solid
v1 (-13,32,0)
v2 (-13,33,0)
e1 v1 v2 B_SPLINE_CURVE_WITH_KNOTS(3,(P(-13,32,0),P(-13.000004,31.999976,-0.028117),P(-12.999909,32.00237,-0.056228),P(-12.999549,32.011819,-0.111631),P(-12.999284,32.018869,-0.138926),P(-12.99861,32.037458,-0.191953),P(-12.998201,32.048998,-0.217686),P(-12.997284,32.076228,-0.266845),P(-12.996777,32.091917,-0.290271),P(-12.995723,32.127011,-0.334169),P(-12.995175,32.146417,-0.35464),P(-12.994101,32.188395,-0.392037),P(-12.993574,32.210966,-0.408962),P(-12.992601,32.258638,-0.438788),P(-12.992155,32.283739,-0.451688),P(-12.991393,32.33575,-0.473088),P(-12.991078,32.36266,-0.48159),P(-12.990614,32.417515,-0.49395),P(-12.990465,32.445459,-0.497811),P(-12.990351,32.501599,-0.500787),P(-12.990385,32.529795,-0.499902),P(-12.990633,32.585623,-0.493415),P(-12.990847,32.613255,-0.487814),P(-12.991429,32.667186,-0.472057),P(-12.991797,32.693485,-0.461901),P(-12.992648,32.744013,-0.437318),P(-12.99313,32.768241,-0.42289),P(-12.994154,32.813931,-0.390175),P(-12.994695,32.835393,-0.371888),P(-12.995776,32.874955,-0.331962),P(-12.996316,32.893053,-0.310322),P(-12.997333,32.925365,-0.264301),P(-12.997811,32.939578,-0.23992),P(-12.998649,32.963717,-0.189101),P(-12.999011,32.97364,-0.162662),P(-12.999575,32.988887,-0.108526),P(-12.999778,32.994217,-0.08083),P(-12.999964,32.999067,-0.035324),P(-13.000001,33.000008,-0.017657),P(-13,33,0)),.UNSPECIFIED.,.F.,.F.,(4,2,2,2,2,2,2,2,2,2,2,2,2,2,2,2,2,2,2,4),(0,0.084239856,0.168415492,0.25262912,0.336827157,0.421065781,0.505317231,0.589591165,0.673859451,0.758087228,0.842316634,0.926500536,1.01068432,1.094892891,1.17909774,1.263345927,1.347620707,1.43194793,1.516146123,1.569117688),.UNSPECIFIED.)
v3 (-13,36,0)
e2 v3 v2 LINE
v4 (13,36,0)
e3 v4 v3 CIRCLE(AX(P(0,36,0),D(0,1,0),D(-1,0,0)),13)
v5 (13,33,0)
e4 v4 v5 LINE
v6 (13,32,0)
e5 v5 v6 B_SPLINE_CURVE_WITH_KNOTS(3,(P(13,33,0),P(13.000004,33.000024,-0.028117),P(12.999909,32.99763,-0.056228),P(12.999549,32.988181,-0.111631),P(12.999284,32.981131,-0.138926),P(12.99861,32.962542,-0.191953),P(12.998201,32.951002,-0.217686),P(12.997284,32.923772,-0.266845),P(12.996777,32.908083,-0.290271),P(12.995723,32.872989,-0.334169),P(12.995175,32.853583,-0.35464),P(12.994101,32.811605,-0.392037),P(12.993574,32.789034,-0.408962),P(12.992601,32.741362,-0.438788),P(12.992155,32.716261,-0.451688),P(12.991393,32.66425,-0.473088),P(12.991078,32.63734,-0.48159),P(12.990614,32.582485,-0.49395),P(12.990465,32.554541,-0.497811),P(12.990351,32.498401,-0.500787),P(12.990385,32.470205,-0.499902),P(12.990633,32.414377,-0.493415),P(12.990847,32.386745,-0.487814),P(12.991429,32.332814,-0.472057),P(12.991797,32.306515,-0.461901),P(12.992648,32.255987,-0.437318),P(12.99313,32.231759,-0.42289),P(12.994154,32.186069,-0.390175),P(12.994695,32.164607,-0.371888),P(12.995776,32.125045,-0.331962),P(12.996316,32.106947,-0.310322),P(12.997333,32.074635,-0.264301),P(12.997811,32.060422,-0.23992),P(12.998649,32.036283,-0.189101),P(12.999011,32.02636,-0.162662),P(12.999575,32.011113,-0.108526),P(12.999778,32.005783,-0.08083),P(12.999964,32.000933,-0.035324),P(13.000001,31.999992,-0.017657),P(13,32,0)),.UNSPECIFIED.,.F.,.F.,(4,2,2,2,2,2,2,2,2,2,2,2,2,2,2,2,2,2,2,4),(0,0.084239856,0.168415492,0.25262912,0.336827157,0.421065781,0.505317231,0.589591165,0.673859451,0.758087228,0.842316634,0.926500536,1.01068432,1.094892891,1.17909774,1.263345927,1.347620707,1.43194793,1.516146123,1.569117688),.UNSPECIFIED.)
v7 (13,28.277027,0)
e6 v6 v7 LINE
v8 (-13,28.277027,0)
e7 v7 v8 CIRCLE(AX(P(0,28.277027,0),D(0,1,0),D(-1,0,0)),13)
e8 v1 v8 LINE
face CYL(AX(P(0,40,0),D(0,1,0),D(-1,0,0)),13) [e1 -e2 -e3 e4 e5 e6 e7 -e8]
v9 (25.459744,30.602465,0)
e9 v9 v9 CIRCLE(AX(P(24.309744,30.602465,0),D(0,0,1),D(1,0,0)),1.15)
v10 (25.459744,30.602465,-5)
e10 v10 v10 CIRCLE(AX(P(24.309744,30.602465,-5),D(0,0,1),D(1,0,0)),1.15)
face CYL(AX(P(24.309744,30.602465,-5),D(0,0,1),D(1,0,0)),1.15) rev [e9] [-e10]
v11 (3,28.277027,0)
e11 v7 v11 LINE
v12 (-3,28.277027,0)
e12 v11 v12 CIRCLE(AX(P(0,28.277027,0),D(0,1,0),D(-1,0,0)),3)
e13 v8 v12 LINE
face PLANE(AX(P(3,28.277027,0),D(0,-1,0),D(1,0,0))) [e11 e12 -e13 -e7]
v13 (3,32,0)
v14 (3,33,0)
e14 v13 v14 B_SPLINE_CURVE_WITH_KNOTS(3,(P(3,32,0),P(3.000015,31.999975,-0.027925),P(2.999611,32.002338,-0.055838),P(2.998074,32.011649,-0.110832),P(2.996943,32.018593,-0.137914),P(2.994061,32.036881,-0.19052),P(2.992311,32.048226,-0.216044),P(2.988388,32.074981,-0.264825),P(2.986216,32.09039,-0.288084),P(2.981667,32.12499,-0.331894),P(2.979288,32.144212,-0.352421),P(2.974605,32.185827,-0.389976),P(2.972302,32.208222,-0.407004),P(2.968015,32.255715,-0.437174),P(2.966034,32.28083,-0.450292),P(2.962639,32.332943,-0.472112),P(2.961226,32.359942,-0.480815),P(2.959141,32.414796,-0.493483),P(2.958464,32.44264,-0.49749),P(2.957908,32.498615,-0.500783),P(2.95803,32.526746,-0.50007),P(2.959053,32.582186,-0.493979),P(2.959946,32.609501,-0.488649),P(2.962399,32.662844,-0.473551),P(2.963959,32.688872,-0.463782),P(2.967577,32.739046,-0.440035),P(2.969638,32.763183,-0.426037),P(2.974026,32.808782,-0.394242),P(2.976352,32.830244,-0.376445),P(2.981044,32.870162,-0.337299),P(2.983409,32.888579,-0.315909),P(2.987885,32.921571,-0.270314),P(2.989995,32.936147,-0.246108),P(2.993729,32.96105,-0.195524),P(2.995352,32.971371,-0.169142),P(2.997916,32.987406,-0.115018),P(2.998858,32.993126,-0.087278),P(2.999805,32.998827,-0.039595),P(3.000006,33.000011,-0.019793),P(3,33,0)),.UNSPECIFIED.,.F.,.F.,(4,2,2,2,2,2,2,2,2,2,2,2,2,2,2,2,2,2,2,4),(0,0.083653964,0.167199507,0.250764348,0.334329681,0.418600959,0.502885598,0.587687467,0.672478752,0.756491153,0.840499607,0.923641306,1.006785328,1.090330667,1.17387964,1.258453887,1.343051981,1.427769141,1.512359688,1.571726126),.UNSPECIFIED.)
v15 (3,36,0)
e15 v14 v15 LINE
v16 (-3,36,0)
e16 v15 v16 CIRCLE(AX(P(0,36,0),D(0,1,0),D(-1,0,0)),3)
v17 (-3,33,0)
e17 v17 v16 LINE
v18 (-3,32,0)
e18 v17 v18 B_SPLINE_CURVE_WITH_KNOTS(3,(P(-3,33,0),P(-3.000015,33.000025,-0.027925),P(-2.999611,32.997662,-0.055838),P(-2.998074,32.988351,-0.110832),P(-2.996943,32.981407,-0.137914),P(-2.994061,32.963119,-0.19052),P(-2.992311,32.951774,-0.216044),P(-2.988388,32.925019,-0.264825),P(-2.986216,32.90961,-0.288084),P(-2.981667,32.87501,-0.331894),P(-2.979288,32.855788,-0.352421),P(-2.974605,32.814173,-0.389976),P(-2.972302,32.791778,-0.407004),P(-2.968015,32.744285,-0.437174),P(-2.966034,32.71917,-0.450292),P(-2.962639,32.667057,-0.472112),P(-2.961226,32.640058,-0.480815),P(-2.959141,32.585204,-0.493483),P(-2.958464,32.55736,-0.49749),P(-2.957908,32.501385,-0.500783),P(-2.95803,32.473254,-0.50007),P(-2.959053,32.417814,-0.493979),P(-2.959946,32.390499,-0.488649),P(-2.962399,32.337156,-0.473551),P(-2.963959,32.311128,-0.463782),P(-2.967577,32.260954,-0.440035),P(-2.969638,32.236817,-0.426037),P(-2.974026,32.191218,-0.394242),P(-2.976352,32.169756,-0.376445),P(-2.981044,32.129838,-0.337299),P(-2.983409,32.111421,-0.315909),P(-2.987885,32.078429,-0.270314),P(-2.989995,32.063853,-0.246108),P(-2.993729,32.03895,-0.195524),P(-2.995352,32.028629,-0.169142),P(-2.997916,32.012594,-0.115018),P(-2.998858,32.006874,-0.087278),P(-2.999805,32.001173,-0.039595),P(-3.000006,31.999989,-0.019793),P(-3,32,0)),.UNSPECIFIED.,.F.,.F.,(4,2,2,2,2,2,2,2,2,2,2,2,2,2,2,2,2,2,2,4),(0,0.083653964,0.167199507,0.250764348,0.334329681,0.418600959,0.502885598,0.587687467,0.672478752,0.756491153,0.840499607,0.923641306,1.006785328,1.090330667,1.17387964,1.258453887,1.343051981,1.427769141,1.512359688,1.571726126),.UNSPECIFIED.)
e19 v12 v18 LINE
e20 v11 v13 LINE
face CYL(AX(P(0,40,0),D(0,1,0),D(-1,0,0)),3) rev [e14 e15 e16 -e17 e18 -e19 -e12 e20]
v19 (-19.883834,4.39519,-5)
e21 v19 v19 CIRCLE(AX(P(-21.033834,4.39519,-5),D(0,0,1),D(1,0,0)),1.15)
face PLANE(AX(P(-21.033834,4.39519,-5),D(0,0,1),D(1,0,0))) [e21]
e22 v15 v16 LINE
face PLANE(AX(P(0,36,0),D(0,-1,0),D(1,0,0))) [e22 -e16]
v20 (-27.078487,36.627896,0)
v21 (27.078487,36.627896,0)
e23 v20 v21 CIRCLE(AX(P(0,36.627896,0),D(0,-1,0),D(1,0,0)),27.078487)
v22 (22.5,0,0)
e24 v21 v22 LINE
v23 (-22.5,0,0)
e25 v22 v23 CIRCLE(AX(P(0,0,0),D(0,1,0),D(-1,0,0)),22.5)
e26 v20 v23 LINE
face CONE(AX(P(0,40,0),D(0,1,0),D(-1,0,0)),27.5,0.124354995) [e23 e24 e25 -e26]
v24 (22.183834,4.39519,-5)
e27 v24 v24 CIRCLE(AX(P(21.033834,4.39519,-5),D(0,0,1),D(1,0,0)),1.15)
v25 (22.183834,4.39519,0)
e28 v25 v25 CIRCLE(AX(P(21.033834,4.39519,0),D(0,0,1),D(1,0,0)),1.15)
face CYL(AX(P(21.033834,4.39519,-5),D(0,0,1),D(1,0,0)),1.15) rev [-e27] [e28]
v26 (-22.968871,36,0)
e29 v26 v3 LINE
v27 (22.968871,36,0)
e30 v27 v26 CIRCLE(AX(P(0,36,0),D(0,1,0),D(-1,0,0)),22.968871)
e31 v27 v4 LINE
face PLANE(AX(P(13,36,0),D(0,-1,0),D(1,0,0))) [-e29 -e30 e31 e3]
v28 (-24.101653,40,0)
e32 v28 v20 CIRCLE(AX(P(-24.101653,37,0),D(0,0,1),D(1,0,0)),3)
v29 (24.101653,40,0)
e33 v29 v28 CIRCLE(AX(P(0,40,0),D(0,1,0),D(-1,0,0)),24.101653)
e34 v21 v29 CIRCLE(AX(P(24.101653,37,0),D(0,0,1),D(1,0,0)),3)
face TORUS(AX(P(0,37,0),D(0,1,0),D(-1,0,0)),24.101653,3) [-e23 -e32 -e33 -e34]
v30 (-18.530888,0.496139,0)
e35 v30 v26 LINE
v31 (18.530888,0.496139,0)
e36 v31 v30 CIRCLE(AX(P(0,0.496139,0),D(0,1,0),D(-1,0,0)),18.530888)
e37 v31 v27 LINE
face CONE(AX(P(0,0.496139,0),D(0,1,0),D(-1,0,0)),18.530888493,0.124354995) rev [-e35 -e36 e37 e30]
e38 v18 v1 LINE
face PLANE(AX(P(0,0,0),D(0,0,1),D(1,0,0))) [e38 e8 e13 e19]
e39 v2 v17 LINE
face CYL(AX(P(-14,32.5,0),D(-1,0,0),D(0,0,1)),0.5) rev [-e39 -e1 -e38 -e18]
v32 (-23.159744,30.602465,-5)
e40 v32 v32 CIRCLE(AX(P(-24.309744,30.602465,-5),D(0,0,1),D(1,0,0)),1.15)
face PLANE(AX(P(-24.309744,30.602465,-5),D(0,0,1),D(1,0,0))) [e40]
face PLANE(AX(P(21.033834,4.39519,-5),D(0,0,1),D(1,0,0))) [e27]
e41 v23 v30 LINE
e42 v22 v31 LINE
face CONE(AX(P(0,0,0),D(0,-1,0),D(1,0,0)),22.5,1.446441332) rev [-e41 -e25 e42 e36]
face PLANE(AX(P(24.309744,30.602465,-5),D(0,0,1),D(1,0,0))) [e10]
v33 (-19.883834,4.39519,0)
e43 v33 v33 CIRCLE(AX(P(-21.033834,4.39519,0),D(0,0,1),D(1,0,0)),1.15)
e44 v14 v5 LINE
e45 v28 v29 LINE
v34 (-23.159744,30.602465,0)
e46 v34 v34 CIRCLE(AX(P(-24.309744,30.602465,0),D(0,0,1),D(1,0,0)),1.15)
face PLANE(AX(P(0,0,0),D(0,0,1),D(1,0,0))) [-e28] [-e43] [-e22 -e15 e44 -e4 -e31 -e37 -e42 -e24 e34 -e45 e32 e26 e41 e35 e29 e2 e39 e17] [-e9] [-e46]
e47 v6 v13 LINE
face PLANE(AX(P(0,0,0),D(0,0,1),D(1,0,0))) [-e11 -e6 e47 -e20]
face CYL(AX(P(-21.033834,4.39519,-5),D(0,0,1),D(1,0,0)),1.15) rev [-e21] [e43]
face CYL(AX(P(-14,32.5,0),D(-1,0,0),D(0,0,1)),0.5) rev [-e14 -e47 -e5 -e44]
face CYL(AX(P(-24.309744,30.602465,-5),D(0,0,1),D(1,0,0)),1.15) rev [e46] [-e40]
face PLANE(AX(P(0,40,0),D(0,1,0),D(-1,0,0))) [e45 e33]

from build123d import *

# Parameters (mm, degrees)
REVOLVE1_ANGLE     = 180
FILLET1_R          = 3
SKETCH2_W          = 30
SKETCH2_H          = 0.5
SKETCH3_R          = 1.15
CUT_EXTRUDE1_DEPTH = 5


with BuildPart() as part:
    # Sketch1 → Revolve1 (revolve)
    with BuildSketch(Plane.XY):
        Polygon((0, 40), (-27.5, 40), (-22.5, 0), (-18.530888493, 0.496138938), (-22.968871126, 36), (-13, 36), (-13, 28.277027027), (-3, 28.277027027), (-3, 36), (0, 36), align=None)
    revolve(axis=Axis((0, 40, 0), (0, -1, 0)), revolution_arc=REVOLVE1_ANGLE)

    # Fillet1
    fillet1_edges = [part.edges().sort_by_distance(p)[0] for p in [
        (0, 40, -27.5),
    ]]
    fillet(fillet1_edges, radius=FILLET1_R)

    # Sketch2 → Cut-Revolve1 (revolve, cut)
    with BuildSketch(Plane.XY):
        with Locations((1, 32.75)):
            Rectangle(SKETCH2_W, SKETCH2_H)
    revolve(axis=Axis((-14, 32.5, 0), (1, 0, 0)), mode=Mode.SUBTRACT)

    # Sketch3 → Cut-Extrude1 (cut)
    with BuildSketch(Plane.XY):
        with Locations((-24.309743639, 30.602464611)):
            Circle(SKETCH3_R)
        with Locations((-21.033834323, 4.395190082)):
            Circle(SKETCH3_R)
        with Locations((21.033834323, 4.395190082)):
            Circle(SKETCH3_R)
        with Locations((24.309743639, 30.602464611)):
            Circle(SKETCH3_R)
    extrude(amount=-CUT_EXTRUDE1_DEPTH, mode=Mode.SUBTRACT)


solid = part.part
